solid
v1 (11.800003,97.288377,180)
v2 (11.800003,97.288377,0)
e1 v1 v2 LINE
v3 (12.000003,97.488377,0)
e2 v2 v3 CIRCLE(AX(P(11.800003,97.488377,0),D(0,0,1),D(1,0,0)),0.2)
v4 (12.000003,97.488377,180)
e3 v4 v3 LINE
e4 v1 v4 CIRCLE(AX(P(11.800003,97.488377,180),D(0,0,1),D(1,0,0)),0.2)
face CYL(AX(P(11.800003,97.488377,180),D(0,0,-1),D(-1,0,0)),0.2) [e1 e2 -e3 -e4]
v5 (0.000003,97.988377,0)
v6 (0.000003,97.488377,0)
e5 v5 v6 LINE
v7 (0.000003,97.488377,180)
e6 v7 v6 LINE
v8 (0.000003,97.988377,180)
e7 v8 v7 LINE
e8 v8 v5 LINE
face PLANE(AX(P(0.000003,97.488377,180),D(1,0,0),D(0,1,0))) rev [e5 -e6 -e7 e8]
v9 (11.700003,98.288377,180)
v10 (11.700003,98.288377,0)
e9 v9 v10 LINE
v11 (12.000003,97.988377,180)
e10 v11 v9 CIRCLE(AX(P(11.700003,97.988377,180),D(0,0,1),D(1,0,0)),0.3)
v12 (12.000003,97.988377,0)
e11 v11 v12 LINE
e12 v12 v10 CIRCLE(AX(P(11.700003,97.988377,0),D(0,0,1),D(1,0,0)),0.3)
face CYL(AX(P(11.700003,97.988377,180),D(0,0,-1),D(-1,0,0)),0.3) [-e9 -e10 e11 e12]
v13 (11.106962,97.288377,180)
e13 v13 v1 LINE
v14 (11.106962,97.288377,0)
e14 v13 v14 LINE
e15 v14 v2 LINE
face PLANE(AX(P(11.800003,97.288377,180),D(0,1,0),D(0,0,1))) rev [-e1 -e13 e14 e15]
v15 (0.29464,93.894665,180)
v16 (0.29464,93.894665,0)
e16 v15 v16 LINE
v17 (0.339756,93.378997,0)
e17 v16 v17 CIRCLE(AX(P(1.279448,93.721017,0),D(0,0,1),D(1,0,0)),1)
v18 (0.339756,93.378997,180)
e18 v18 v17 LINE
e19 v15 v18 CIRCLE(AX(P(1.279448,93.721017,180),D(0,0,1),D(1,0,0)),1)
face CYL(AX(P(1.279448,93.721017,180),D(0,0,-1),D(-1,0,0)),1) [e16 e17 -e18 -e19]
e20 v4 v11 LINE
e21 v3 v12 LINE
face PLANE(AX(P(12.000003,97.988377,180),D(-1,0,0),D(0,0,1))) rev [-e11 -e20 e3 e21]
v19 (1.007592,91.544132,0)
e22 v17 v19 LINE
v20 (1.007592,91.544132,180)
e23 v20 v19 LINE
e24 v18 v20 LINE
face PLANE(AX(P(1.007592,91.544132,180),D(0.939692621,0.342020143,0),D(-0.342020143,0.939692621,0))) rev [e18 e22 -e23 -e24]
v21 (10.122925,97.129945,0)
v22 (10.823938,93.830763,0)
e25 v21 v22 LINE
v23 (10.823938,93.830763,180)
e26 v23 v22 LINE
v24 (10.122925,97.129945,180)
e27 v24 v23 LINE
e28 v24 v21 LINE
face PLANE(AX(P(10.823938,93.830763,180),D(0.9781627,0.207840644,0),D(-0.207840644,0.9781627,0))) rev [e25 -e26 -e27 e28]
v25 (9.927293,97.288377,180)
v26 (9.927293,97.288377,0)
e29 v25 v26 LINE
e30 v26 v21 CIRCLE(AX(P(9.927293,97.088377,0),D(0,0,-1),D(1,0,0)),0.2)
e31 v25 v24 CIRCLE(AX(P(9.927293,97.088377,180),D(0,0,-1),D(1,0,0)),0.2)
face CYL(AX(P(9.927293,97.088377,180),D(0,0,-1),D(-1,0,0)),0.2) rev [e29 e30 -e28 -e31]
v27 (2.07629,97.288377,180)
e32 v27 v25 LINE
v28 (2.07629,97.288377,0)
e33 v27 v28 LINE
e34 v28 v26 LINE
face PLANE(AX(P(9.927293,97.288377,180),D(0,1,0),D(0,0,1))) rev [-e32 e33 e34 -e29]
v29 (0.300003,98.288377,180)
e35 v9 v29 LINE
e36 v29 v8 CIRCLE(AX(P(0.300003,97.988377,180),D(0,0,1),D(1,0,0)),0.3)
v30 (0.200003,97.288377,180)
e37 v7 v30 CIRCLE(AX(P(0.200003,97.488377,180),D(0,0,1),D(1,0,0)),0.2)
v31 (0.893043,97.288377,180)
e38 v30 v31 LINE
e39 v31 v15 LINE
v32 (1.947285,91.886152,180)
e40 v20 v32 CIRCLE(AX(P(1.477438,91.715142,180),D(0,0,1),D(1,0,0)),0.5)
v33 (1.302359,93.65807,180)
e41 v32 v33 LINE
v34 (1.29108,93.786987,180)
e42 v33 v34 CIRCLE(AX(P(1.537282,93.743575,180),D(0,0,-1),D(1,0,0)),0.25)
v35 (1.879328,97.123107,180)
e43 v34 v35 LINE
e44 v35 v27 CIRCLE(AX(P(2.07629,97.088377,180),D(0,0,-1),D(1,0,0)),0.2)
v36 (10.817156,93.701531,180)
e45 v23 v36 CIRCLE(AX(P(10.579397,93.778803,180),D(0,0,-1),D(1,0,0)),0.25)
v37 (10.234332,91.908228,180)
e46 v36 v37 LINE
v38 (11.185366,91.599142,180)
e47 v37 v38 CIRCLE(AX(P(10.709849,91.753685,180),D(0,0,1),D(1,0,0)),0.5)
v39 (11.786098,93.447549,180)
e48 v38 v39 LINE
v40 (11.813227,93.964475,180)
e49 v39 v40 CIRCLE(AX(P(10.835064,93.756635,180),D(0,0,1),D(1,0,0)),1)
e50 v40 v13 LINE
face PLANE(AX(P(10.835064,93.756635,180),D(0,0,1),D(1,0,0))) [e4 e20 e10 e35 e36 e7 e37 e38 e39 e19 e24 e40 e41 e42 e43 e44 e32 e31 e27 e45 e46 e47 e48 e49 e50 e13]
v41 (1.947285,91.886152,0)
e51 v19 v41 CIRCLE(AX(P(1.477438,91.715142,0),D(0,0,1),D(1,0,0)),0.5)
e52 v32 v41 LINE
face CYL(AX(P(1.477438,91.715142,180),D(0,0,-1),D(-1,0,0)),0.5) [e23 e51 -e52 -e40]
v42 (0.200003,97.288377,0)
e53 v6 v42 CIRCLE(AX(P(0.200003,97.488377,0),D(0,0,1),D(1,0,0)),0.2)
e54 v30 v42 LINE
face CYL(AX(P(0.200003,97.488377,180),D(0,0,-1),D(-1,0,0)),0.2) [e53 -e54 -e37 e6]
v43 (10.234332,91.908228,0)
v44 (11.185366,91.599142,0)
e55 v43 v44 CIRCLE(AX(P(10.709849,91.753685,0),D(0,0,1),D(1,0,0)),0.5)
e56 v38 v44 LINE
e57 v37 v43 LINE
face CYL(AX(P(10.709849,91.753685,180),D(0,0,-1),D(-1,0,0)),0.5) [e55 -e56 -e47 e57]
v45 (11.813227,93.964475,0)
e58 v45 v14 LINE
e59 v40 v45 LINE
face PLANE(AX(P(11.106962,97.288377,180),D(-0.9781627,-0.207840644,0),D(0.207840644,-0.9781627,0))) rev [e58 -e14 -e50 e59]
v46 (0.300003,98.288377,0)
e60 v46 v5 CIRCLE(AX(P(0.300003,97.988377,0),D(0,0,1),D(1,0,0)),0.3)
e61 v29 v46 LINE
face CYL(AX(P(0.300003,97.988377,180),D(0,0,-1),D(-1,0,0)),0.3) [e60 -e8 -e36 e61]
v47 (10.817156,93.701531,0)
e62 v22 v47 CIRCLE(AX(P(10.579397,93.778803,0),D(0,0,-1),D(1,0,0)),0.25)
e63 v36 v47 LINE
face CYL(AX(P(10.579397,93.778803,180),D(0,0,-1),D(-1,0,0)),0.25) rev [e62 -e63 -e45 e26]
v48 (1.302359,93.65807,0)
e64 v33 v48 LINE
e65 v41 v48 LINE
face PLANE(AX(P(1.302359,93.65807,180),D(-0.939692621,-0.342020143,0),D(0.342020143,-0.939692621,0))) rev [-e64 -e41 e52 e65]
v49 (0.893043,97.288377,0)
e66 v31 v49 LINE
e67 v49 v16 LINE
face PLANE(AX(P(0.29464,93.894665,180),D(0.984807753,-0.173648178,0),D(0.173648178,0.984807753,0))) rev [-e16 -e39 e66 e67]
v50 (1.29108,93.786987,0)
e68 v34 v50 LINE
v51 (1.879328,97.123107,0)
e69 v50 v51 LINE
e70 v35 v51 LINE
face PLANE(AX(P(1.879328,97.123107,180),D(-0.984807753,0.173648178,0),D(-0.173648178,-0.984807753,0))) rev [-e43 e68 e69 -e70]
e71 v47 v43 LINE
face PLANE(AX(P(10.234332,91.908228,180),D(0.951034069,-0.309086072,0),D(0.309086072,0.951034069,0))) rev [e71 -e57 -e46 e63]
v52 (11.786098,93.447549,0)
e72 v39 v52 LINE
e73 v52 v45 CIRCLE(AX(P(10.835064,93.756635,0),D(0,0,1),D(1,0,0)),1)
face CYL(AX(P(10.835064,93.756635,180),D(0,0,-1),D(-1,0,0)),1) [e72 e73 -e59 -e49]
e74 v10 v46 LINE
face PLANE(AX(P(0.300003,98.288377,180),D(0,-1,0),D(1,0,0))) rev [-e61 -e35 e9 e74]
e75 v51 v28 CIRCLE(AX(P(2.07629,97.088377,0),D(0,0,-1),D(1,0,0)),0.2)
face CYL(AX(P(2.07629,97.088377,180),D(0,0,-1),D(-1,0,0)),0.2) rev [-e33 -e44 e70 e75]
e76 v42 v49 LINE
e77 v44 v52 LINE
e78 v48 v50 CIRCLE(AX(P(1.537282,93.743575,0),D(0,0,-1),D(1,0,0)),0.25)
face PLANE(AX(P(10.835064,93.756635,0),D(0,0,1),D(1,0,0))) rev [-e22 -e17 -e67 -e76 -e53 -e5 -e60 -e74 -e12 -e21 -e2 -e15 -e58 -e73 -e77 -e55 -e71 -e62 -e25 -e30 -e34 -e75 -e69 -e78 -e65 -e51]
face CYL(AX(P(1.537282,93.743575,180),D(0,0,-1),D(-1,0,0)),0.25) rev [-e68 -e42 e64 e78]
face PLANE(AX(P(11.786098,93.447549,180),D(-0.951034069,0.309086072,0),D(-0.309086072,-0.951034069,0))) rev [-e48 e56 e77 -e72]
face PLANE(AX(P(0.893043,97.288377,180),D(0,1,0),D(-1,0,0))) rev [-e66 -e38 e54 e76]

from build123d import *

# Parameters (mm, degrees)
EXTRUDE_1_DEPTH = 180


with BuildPart() as part:
    # 草图1 → 拉伸1 (new body)
    with BuildSketch(Plane.XY):
        with BuildLine():
            Line((11.786098163, 93.447548514), (11.185365906, 91.59914157))
            ThreePointArc((11.185365906, 91.59914157), (10.555305835, 91.278167571), (10.234331837, 91.908227642))
            Line((10.234331837, 91.908227642), (10.817155535, 93.701531326))
            ThreePointArc((10.817155535, 93.701531326), (10.82905345, 93.765700722), (10.823937692, 93.830763005))
            Line((10.823937692, 93.830763005), (10.12292529, 97.129945359))
            ThreePointArc((10.12292529, 97.129945359), (10.053162473, 97.243801851), (9.92729275, 97.28837723))
            Line((9.92729275, 97.28837723), (2.076289972, 97.28837723))
            ThreePointArc((2.076289972, 97.28837723), (1.94773245, 97.241586118), (1.879328421, 97.123106865))
            Line((1.879328421, 97.123106865), (1.291080466, 93.786986931))
            ThreePointArc((1.291080466, 93.786986931), (1.28823373, 93.721785951), (1.302359249, 93.658069851))
            Line((1.302359249, 93.658069851), (1.947284603, 91.886152004))
            ThreePointArc((1.947284603, 91.886152004), (1.648448364, 91.245295622), (1.007591982, 91.544131861))
            Line((1.007591982, 91.544131861), (0.339755623, 93.378997177))
            ThreePointArc((0.339755623, 93.378997177), (0.283253546, 93.633861578), (0.294640491, 93.894665498))
            Line((0.294640491, 93.894665498), (0.893043434, 97.28837723))
            Line((0.893043434, 97.28837723), (0.200002689, 97.28837723))
            ThreePointArc((0.200002689, 97.28837723), (0.058581333, 97.346955874), (2.689e-06, 97.48837723))
            Line((2.689e-06, 97.48837723), (2.689e-06, 97.98837723))
            ThreePointArc((2.689e-06, 97.98837723), (0.087870655, 98.200509264), (0.300002689, 98.28837723))
            Line((0.300002689, 98.28837723), (11.700002689, 98.28837723))
            ThreePointArc((11.700002689, 98.28837723), (11.912134724, 98.200509264), (12.000002689, 97.98837723))
            Line((12.000002689, 97.98837723), (12.000002689, 97.48837723))
            ThreePointArc((12.000002689, 97.48837723), (11.941424046, 97.346955874), (11.800002689, 97.28837723))
            Line((11.800002689, 97.28837723), (11.106961944, 97.28837723))
            Line((11.106961944, 97.28837723), (11.813226794, 93.96447523))
            ThreePointArc((11.813226794, 93.96447523), (11.833689825, 93.704226096), (11.786098163, 93.447548514))
        make_face()
    extrude(amount=EXTRUDE_1_DEPTH)


solid = part.part
